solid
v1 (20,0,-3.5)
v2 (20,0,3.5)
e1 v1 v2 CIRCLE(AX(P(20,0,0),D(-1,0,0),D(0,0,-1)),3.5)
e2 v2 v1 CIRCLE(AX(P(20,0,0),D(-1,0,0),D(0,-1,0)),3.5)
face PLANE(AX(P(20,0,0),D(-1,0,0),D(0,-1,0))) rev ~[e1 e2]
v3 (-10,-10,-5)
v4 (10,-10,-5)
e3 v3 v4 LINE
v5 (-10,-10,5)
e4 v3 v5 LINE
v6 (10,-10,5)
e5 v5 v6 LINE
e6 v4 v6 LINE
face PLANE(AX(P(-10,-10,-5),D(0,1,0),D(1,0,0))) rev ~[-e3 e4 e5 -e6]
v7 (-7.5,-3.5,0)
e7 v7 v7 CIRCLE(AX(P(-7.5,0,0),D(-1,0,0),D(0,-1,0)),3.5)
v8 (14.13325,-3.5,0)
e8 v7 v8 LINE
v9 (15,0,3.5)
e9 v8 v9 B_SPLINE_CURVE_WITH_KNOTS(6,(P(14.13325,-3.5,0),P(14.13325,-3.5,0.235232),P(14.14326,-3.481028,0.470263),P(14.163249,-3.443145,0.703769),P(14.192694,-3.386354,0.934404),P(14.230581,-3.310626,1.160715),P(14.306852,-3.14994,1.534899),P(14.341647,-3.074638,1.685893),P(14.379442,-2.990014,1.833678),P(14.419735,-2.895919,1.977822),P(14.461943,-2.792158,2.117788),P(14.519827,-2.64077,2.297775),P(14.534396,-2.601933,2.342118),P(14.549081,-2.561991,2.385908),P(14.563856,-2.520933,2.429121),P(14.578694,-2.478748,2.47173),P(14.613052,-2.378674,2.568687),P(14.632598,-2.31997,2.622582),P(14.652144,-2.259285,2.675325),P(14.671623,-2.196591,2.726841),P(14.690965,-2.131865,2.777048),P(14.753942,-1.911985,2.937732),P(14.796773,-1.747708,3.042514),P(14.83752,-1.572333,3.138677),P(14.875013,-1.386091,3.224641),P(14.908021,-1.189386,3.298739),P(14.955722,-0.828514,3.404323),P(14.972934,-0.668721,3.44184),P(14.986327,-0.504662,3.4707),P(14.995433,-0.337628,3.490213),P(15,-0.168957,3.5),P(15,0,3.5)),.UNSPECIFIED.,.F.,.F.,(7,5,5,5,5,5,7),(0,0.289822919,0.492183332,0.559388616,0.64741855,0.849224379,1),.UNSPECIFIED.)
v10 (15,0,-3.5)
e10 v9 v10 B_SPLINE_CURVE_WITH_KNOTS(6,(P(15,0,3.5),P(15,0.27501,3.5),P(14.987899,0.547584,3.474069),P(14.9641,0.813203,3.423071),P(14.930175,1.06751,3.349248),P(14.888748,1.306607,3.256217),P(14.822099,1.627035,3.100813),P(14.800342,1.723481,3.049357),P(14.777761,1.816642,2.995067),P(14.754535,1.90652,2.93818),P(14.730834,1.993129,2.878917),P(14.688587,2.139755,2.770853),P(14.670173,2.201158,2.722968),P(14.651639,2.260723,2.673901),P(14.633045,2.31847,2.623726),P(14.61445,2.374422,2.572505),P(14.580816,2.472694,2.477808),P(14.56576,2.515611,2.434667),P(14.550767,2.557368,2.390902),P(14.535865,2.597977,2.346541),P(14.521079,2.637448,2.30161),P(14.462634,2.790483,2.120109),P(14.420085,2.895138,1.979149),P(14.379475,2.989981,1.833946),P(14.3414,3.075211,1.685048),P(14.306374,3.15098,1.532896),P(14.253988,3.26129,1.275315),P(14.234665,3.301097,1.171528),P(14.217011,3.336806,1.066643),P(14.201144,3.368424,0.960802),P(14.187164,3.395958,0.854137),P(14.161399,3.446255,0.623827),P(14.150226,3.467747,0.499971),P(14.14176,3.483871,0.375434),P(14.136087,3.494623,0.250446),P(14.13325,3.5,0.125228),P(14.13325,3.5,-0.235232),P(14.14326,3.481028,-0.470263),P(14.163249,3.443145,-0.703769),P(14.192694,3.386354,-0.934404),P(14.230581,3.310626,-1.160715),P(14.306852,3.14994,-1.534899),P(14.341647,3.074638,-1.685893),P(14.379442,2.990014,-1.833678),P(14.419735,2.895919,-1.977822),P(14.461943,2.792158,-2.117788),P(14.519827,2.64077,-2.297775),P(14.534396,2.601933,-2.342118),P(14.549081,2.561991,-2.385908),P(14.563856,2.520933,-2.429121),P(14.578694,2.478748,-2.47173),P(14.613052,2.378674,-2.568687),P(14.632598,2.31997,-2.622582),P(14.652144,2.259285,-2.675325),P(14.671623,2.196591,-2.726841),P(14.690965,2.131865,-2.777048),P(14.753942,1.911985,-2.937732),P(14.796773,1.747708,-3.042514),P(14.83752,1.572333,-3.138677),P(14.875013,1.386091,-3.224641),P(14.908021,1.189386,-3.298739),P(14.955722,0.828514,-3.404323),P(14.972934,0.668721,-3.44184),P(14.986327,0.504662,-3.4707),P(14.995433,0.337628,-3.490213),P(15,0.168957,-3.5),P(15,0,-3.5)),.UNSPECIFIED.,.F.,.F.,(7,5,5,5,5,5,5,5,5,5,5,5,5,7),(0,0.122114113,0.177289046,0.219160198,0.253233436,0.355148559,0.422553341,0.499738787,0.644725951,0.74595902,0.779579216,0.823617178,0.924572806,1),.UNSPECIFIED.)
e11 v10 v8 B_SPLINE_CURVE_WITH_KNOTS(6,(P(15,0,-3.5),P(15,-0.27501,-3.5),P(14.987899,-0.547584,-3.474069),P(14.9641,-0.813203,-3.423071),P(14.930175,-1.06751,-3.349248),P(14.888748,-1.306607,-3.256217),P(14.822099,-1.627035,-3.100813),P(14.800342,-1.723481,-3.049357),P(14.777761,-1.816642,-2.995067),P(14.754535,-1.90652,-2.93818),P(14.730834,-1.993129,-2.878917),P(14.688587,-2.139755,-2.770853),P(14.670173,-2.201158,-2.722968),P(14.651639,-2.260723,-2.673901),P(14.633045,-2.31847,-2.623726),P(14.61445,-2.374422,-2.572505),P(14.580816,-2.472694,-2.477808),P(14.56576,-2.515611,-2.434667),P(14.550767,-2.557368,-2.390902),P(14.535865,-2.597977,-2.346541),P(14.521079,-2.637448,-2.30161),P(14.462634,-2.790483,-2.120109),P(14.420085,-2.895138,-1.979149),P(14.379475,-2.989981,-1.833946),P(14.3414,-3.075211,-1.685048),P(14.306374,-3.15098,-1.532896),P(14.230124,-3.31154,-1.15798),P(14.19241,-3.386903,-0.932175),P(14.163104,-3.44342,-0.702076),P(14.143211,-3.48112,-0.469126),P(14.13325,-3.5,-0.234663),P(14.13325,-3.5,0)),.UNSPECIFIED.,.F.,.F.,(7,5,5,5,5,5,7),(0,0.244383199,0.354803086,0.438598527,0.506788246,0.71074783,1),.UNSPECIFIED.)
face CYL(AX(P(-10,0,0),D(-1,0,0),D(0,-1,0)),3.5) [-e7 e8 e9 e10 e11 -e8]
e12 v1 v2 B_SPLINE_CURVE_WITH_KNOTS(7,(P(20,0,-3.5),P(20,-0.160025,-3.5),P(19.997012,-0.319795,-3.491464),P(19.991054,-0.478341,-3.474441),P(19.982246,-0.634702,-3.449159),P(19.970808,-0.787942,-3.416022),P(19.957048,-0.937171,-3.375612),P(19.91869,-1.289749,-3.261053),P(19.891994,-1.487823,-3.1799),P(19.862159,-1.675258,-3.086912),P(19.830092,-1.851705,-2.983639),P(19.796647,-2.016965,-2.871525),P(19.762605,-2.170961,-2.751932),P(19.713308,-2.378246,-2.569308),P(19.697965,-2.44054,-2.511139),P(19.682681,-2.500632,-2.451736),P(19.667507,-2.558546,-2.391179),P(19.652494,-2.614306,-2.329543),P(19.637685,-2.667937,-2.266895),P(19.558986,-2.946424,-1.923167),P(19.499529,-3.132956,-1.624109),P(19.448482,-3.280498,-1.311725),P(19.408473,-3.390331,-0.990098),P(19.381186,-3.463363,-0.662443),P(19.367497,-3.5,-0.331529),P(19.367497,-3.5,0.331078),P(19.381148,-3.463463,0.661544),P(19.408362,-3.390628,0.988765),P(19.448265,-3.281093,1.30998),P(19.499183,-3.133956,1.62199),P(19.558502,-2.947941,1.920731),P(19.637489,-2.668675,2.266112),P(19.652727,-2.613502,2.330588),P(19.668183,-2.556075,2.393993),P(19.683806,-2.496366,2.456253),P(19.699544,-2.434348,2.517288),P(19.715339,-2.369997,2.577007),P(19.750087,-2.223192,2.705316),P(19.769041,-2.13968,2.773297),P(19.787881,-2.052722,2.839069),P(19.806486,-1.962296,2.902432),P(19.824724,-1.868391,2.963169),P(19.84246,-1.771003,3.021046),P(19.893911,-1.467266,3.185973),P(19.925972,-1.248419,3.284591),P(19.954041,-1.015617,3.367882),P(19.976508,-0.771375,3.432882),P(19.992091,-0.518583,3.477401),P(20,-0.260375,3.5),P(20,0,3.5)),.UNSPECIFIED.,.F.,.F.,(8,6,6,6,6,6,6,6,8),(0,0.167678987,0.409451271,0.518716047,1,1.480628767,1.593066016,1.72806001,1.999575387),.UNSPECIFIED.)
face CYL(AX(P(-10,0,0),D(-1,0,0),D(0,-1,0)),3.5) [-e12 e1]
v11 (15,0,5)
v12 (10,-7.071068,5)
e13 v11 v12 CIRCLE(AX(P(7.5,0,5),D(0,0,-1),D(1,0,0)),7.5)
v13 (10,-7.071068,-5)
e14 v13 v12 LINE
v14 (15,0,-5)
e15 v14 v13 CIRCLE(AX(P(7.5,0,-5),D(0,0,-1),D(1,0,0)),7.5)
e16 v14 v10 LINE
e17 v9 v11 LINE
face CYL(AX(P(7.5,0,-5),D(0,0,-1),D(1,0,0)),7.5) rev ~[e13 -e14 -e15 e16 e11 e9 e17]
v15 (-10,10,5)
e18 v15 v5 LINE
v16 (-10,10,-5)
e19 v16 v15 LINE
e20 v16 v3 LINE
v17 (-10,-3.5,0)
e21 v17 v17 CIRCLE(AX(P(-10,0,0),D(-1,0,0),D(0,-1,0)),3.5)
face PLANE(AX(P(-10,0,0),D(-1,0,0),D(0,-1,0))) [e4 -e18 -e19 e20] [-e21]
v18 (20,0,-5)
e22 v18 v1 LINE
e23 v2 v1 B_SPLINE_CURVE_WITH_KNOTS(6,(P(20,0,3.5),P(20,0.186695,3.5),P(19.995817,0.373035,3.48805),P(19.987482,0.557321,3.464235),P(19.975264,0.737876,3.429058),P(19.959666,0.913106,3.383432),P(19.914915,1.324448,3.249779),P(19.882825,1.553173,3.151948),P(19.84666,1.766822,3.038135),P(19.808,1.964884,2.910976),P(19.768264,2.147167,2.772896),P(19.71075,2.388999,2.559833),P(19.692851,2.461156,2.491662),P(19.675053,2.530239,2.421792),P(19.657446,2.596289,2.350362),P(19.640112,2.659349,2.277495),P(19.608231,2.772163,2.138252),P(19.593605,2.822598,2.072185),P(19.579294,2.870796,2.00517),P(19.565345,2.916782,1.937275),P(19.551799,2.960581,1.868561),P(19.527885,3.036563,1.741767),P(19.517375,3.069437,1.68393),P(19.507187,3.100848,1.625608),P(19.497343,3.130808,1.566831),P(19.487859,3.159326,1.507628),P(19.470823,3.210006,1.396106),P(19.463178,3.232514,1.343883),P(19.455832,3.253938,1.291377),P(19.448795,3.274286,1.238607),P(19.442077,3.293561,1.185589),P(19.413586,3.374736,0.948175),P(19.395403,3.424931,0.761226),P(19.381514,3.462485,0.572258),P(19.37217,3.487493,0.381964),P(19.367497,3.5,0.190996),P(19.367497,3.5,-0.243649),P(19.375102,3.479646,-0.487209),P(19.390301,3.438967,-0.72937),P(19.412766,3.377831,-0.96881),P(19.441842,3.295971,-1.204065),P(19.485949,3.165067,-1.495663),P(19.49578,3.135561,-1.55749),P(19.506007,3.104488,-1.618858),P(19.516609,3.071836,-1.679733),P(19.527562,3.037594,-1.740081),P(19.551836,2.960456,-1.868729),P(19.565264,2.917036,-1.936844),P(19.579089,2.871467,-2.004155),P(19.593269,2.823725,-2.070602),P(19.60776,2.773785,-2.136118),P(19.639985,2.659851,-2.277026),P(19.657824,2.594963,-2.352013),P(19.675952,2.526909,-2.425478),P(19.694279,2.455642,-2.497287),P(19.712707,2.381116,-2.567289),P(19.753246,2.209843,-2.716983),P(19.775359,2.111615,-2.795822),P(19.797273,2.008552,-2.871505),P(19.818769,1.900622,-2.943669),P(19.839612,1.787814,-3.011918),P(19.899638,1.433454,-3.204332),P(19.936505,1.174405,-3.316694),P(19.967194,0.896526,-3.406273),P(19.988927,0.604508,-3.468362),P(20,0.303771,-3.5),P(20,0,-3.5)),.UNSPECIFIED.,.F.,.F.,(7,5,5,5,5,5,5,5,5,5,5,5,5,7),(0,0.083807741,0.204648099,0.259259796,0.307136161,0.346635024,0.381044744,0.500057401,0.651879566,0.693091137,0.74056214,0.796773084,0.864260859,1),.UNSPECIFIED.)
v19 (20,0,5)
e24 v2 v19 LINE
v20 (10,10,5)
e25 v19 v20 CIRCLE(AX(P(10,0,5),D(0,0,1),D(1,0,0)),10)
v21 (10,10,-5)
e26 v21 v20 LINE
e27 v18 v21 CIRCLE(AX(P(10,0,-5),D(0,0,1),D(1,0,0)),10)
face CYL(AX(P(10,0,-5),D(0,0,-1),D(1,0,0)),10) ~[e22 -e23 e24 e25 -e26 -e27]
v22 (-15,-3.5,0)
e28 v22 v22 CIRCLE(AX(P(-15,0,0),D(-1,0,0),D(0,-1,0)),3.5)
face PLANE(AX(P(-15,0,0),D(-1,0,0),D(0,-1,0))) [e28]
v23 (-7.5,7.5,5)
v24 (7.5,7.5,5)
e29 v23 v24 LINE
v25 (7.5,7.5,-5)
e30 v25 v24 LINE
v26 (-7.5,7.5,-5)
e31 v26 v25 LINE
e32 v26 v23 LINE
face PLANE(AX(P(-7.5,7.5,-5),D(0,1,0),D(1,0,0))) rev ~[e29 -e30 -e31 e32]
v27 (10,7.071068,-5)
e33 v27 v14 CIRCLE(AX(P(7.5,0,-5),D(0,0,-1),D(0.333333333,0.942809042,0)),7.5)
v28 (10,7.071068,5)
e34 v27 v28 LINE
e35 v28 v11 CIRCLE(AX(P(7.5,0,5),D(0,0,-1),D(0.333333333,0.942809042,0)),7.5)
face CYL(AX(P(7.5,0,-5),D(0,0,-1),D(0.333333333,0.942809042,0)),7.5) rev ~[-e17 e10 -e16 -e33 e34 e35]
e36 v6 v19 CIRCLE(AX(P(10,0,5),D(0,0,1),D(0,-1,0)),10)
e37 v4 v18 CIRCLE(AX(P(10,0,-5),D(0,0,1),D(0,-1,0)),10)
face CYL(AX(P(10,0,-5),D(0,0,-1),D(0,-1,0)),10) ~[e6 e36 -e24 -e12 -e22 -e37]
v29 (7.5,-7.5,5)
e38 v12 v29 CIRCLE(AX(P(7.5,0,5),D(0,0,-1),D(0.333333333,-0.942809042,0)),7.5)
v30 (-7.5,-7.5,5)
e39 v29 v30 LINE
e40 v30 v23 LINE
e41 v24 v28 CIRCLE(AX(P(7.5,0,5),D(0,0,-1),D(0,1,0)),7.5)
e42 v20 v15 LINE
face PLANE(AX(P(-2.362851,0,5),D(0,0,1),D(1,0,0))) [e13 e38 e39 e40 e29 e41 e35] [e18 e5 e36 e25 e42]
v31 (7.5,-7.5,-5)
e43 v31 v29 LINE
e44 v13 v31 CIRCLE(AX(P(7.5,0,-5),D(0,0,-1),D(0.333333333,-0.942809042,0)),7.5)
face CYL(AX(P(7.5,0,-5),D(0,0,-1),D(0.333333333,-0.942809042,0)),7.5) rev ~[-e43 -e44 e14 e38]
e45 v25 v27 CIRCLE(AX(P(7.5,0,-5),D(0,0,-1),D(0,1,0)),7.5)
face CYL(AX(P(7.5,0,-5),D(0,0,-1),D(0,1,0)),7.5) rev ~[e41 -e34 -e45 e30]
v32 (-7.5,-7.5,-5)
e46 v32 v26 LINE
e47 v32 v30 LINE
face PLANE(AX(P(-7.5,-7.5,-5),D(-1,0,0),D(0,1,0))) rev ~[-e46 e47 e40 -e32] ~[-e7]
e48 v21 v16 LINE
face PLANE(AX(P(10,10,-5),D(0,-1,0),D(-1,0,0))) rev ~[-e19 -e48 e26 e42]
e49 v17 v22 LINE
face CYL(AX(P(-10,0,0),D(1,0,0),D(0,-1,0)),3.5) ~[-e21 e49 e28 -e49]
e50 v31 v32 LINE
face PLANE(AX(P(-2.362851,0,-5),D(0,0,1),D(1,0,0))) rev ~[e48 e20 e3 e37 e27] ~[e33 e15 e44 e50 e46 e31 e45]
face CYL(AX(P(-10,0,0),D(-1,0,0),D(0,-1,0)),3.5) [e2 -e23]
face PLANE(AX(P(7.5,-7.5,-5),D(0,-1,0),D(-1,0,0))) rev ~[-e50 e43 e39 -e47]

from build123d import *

# Parameters (mm, degrees)
F1_DEPTH      = 10
F3_R          = 3.5
F4_DEPTH      = 30
F4_DEPTH_BACK = 5


with BuildPart() as f1:
    # F0 (on Top) → F1 (new body)
    with BuildSketch(Plane.XY):
        with BuildLine():
            ThreePointArc((3.3856217223, 7.5), (6.4644660941, 9.3541434669), (10, 10))
            Line((10, 10), (-10, 10))
            Line((-10, 10), (-10, -10))
            Line((-10, -10), (10, -10))
            ThreePointArc((10, -10), (6.4644660941, -9.3541434669), (3.3856217223, -7.5))
            Line((3.3856217223, -7.5), (-7.5, -7.5))
            Line((-7.5, -7.5), (-7.5, 7.5))
            Line((-7.5, 7.5), (3.3856217223, 7.5))
        make_face()
        with BuildLine():
            ThreePointArc((20, 0), (17.0710678119, 7.0710678119), (10, 10))
            Line((10, 10), (10, 7.0710678119))
            ThreePointArc((10, 7.0710678119), (13.623724357, 4.3301270189), (15, 0))
            ThreePointArc((15, 0), (13.623724357, -4.3301270189), (10, -7.0710678119))
            Line((10, -7.0710678119), (10, -10))
            ThreePointArc((10, -10), (17.0710678119, -7.0710678119), (20, 0))
        make_face()
        with BuildLine():
            Line((10, 7.0710678119), (10, 10))
            ThreePointArc((10, 10), (6.4644660941, 9.3541434669), (3.3856217223, 7.5))
            Line((3.3856217223, 7.5), (7.5, 7.5))
            ThreePointArc((7.5, 7.5), (8.7682648404, 7.3919891974), (10, 7.0710678119))
        make_face()
        with BuildLine():
            Line((10, -10), (10, -7.0710678119))
            ThreePointArc((10, -7.0710678119), (8.7682648404, -7.3919891974), (7.5, -7.5))
            Line((7.5, -7.5), (3.3856217223, -7.5))
            ThreePointArc((3.3856217223, -7.5), (6.4644660941, -9.3541434669), (10, -10))
        make_face()
    extrude(amount=F1_DEPTH)


with BuildPart() as f1_1:
    # F2: moved
    add(f1.part.moved(Location((0, 0, -5))))

    # F3 (on face) → F4 (join, two sides)
    with BuildSketch(Plane(origin=(-10, 0, 0), x_dir=(0, -1, 0), z_dir=(-1, 0, 0))) as f4_sk:
        Circle(F3_R)
    extrude(amount=-F4_DEPTH)
    extrude(f4_sk.sketch, amount=F4_DEPTH_BACK)


solid = f1_1.part
